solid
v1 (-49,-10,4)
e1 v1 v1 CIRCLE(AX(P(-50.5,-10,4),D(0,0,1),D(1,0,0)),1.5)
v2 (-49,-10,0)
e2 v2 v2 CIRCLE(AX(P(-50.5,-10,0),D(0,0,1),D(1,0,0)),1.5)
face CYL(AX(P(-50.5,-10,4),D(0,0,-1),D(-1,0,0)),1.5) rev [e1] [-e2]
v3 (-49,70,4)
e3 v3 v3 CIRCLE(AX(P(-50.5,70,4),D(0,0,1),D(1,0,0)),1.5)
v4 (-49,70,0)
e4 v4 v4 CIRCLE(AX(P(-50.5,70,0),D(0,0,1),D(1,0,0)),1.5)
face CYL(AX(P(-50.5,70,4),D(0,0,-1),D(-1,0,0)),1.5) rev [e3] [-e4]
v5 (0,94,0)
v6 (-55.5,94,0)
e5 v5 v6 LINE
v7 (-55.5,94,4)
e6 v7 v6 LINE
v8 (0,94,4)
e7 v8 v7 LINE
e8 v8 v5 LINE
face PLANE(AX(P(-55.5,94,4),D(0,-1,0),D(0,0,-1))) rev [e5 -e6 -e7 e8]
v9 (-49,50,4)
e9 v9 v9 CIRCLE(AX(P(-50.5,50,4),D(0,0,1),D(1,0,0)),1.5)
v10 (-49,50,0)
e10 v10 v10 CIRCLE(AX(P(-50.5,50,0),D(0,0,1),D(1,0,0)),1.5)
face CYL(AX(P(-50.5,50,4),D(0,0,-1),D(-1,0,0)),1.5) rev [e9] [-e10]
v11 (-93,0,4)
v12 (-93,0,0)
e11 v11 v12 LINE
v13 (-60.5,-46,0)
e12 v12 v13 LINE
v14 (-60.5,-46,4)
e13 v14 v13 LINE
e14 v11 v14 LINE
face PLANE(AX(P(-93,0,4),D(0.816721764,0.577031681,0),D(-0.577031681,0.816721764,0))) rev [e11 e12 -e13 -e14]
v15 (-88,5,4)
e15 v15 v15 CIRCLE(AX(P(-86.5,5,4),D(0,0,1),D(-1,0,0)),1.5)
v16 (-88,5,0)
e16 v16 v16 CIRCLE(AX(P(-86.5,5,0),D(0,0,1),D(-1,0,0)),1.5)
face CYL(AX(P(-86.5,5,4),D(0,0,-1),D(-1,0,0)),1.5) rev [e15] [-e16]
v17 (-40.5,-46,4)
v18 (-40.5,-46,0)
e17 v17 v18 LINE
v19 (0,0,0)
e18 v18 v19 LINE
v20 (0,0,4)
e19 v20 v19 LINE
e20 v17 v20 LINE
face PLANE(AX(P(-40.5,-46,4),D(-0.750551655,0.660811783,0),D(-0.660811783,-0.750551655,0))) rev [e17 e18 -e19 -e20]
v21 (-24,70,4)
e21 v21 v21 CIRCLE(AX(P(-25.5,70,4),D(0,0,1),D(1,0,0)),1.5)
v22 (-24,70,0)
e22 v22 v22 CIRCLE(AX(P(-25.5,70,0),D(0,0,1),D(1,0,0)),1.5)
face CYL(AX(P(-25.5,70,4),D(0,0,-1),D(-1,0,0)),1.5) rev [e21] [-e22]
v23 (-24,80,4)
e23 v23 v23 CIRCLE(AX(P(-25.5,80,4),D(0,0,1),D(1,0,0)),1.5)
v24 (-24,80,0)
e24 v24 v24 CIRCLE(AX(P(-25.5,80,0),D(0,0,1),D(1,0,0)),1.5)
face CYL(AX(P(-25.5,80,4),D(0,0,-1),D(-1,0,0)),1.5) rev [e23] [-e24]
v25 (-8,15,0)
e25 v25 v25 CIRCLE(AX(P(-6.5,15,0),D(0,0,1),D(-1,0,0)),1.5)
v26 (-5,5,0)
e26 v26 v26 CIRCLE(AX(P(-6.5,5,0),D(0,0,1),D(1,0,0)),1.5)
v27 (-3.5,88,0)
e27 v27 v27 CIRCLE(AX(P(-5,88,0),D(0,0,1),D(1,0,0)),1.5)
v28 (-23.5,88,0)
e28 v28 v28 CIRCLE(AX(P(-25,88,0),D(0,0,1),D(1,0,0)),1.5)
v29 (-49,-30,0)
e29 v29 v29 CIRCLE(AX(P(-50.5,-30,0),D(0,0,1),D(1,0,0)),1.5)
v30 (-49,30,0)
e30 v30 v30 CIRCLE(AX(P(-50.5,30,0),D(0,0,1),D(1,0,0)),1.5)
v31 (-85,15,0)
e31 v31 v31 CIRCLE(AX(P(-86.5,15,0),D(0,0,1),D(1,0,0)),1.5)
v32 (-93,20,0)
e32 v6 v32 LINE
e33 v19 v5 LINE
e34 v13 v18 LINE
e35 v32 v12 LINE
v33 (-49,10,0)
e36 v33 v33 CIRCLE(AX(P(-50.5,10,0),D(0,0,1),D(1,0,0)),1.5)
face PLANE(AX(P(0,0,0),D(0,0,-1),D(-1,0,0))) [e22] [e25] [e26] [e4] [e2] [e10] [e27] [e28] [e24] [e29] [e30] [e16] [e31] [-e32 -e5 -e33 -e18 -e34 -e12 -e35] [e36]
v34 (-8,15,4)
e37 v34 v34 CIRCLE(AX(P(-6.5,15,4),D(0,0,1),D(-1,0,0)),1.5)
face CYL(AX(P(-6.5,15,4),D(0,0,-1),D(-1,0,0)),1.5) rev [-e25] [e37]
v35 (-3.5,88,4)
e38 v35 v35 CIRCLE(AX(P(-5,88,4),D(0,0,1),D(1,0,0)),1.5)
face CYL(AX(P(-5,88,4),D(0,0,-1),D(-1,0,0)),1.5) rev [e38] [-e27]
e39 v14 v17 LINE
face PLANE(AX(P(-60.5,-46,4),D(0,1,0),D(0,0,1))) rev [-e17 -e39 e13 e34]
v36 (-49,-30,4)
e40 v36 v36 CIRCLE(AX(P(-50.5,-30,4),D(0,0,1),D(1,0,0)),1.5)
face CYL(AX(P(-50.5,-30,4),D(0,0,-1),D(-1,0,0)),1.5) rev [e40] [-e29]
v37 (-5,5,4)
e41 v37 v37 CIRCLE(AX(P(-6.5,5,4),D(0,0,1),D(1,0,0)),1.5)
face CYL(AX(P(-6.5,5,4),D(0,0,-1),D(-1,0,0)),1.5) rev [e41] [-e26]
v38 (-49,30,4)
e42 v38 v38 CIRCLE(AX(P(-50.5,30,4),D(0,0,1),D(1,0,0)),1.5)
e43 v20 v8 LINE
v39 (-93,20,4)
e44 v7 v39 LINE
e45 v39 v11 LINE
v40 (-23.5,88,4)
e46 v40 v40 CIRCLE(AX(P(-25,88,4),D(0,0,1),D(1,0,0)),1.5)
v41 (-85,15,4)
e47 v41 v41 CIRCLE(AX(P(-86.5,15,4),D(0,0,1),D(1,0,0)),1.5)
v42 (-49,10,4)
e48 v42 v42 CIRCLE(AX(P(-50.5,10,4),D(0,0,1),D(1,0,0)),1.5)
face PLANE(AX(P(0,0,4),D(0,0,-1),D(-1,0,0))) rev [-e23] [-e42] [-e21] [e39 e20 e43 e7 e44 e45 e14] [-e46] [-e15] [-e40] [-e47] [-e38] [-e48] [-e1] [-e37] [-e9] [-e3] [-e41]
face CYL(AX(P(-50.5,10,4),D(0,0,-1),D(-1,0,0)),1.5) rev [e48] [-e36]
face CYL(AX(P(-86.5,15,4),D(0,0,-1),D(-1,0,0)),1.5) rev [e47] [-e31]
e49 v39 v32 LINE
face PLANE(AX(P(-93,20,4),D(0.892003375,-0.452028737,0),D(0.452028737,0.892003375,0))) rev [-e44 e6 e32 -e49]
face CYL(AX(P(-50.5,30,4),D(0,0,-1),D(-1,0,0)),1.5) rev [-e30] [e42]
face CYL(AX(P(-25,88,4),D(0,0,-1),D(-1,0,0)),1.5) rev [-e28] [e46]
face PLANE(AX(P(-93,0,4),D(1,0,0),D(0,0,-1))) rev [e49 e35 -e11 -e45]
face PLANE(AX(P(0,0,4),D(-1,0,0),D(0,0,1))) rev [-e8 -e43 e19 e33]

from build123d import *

# Parameters (mm, degrees)
SKETCH_1_R      = 1.5
EXTRUDE_1_DEPTH = 4


with BuildPart() as part:
    # 草图1 → 凸台-拉伸1 (new body)
    with BuildSketch(Plane.XY):
        Polygon((0, 0), (0, 94), (-55.5, 94), (-93, 20), (-93, 0), (-60.5, -46), (-40.5, -46), align=None)
        with Locations((-86.5, 15)):
            Circle(SKETCH_1_R, mode=Mode.SUBTRACT)
        with Locations(Location((-86.5, 5, 0), (0, 0, 180))):
            Circle(SKETCH_1_R, mode=Mode.SUBTRACT)
        with Locations((-6.5, 5)):
            Circle(SKETCH_1_R, mode=Mode.SUBTRACT)
        with Locations(Location((-6.5, 15, 0), (0, 0, 180))):
            Circle(SKETCH_1_R, mode=Mode.SUBTRACT)
        with Locations((-25.5, 80)):
            Circle(SKETCH_1_R, mode=Mode.SUBTRACT)
        with Locations((-25.5, 70)):
            Circle(SKETCH_1_R, mode=Mode.SUBTRACT)
        with Locations((-50.5, 10)):
            Circle(SKETCH_1_R, mode=Mode.SUBTRACT)
        with Locations((-50.5, 30)):
            Circle(SKETCH_1_R, mode=Mode.SUBTRACT)
        with Locations((-50.5, 50)):
            Circle(SKETCH_1_R, mode=Mode.SUBTRACT)
        with Locations((-50.5, -10)):
            Circle(SKETCH_1_R, mode=Mode.SUBTRACT)
        with Locations((-50.5, -30)):
            Circle(SKETCH_1_R, mode=Mode.SUBTRACT)
        with Locations((-5, 88)):
            Circle(SKETCH_1_R, mode=Mode.SUBTRACT)
        with Locations((-25, 88)):
            Circle(SKETCH_1_R, mode=Mode.SUBTRACT)
        with Locations((-50.5, 70)):
            Circle(SKETCH_1_R, mode=Mode.SUBTRACT)
    extrude(amount=EXTRUDE_1_DEPTH)


solid = part.part
